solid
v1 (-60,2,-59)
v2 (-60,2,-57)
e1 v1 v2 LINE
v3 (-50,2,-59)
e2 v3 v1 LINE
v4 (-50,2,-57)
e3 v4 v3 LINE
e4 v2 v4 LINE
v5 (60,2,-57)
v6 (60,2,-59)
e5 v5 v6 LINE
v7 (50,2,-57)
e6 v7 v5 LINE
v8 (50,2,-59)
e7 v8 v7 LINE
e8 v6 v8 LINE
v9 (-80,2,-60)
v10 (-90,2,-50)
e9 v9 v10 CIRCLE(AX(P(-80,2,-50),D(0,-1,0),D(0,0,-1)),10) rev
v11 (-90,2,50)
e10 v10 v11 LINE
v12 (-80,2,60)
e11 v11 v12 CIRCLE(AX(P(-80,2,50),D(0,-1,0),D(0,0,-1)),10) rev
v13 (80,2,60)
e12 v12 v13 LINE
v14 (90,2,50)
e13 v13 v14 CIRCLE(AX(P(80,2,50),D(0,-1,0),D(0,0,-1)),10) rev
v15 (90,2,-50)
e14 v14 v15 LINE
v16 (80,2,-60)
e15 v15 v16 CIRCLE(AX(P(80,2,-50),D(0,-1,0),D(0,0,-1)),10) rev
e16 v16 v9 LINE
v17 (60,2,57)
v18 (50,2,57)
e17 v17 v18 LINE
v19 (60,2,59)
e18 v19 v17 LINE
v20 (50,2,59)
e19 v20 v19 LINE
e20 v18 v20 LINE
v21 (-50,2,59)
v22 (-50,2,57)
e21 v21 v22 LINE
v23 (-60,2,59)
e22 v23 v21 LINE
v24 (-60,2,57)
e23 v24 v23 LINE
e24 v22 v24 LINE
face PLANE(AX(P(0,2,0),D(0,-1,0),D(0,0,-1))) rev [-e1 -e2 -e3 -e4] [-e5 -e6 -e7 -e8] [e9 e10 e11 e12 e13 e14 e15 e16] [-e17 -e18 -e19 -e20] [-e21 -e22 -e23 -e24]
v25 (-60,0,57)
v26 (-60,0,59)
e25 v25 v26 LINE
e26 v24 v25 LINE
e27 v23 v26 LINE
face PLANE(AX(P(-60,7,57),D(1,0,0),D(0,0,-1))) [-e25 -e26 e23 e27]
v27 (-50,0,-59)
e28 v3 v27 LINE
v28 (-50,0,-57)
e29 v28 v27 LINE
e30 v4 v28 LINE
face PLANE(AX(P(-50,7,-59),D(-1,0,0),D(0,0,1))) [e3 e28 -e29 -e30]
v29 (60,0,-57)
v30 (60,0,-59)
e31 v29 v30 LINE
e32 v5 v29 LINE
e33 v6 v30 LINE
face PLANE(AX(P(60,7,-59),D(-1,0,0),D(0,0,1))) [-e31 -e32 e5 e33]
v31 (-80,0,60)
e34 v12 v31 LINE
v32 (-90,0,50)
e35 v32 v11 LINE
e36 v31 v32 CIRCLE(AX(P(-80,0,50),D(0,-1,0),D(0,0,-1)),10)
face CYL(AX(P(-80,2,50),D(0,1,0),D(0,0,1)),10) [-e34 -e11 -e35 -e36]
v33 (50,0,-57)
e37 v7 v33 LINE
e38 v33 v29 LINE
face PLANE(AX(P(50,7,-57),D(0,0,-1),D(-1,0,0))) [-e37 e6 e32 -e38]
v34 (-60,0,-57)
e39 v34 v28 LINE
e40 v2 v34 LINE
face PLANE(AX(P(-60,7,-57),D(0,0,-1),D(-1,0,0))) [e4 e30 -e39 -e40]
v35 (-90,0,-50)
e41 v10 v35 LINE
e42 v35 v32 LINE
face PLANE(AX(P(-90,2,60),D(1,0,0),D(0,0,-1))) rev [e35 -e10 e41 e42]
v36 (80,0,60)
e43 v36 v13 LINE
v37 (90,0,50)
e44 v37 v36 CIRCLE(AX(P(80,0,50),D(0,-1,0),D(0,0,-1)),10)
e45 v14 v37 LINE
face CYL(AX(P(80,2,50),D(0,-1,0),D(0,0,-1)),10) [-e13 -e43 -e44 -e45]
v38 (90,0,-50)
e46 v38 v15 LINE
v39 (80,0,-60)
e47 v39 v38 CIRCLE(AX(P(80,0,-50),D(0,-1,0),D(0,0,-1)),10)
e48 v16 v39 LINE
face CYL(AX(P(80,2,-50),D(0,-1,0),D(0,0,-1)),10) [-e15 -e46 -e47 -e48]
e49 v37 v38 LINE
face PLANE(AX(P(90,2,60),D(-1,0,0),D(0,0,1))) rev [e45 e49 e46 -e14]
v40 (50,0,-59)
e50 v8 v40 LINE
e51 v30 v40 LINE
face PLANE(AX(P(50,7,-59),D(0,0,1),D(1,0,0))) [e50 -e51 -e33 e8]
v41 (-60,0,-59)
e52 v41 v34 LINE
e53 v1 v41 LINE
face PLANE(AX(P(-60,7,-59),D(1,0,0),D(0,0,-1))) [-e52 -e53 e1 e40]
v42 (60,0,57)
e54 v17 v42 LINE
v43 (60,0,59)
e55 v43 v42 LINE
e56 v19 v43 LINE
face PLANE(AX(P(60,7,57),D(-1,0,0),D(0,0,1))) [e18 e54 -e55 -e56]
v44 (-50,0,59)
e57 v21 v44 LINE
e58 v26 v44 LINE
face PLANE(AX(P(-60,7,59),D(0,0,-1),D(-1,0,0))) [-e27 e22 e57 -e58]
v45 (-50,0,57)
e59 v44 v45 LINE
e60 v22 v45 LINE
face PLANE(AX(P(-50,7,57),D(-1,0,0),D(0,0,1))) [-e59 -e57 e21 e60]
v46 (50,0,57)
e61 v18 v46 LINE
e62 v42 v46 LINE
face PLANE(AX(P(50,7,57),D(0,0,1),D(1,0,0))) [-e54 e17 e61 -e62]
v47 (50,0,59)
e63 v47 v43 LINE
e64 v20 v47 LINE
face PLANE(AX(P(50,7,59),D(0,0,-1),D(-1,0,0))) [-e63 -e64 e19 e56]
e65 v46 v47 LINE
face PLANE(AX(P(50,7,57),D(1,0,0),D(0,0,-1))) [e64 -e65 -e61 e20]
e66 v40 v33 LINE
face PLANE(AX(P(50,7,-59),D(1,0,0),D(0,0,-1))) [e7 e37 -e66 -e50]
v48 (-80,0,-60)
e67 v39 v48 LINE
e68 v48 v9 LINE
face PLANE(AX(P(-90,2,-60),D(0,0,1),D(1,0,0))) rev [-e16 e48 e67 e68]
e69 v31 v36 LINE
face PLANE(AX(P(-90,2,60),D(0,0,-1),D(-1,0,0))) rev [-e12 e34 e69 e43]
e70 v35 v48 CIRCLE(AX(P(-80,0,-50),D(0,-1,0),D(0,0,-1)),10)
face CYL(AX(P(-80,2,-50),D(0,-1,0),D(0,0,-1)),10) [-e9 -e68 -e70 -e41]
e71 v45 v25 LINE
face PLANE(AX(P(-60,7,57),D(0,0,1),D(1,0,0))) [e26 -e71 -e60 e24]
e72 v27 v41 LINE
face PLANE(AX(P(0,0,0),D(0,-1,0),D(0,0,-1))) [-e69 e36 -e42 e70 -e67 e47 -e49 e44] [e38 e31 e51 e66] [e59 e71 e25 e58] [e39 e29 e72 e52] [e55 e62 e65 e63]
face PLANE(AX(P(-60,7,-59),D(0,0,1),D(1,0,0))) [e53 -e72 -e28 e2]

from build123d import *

# Parameters (mm, degrees)
SKETCH1_W           = 180
SKETCH1_H           = 120
BOSS_EXTRUDE1_DEPTH = 2
FILLET1_R           = 10
FILLET2_R           = 10
FILLET3_R           = 10
FILLET4_R           = 10
SKETCH3_W           = 10
SKETCH3_H           = 2
CUT_EXTRUDE1_DEPTH  = 7


with BuildPart() as part:
    # Sketch1 → Boss-Extrude1 (new body)
    with BuildSketch(Plane(origin=(0, 0, 0), x_dir=(1, 0, 0), z_dir=(0, 1, 0))):
        Rectangle(SKETCH1_W, SKETCH1_H)
    extrude(amount=BOSS_EXTRUDE1_DEPTH)

    # Fillet1
    fillet1_edges = [part.edges().sort_by_distance(p)[0] for p in [
        (-90, 1, 60),
    ]]
    fillet(fillet1_edges, radius=FILLET1_R)

    # Fillet2
    fillet2_edges = [part.edges().sort_by_distance(p)[0] for p in [
        (-90, 1, -60),
    ]]
    fillet(fillet2_edges, radius=FILLET2_R)

    # Fillet3
    fillet3_edges = [part.edges().sort_by_distance(p)[0] for p in [
        (90, 1, 60),
    ]]
    fillet(fillet3_edges, radius=FILLET3_R)

    # Fillet4
    fillet4_edges = [part.edges().sort_by_distance(p)[0] for p in [
        (90, 1, -60),
    ]]
    fillet(fillet4_edges, radius=FILLET4_R)

    # Sketch3 → Cut-Extrude1 (cut)
    with BuildSketch(Plane(origin=(0, 0, 0), x_dir=(1, 0, 0), z_dir=(0, 1, 0))):
        with Locations((-55, 58)):
            Rectangle(SKETCH3_W, SKETCH3_H)
        with Locations((55, 58)):
            Rectangle(SKETCH3_W, SKETCH3_H)
        with Locations((-55, -58)):
            Rectangle(SKETCH3_W, SKETCH3_H)
        with Locations((55, -58)):
            Rectangle(SKETCH3_W, SKETCH3_H)
    extrude(amount=CUT_EXTRUDE1_DEPTH, mode=Mode.SUBTRACT)


solid = part.part
